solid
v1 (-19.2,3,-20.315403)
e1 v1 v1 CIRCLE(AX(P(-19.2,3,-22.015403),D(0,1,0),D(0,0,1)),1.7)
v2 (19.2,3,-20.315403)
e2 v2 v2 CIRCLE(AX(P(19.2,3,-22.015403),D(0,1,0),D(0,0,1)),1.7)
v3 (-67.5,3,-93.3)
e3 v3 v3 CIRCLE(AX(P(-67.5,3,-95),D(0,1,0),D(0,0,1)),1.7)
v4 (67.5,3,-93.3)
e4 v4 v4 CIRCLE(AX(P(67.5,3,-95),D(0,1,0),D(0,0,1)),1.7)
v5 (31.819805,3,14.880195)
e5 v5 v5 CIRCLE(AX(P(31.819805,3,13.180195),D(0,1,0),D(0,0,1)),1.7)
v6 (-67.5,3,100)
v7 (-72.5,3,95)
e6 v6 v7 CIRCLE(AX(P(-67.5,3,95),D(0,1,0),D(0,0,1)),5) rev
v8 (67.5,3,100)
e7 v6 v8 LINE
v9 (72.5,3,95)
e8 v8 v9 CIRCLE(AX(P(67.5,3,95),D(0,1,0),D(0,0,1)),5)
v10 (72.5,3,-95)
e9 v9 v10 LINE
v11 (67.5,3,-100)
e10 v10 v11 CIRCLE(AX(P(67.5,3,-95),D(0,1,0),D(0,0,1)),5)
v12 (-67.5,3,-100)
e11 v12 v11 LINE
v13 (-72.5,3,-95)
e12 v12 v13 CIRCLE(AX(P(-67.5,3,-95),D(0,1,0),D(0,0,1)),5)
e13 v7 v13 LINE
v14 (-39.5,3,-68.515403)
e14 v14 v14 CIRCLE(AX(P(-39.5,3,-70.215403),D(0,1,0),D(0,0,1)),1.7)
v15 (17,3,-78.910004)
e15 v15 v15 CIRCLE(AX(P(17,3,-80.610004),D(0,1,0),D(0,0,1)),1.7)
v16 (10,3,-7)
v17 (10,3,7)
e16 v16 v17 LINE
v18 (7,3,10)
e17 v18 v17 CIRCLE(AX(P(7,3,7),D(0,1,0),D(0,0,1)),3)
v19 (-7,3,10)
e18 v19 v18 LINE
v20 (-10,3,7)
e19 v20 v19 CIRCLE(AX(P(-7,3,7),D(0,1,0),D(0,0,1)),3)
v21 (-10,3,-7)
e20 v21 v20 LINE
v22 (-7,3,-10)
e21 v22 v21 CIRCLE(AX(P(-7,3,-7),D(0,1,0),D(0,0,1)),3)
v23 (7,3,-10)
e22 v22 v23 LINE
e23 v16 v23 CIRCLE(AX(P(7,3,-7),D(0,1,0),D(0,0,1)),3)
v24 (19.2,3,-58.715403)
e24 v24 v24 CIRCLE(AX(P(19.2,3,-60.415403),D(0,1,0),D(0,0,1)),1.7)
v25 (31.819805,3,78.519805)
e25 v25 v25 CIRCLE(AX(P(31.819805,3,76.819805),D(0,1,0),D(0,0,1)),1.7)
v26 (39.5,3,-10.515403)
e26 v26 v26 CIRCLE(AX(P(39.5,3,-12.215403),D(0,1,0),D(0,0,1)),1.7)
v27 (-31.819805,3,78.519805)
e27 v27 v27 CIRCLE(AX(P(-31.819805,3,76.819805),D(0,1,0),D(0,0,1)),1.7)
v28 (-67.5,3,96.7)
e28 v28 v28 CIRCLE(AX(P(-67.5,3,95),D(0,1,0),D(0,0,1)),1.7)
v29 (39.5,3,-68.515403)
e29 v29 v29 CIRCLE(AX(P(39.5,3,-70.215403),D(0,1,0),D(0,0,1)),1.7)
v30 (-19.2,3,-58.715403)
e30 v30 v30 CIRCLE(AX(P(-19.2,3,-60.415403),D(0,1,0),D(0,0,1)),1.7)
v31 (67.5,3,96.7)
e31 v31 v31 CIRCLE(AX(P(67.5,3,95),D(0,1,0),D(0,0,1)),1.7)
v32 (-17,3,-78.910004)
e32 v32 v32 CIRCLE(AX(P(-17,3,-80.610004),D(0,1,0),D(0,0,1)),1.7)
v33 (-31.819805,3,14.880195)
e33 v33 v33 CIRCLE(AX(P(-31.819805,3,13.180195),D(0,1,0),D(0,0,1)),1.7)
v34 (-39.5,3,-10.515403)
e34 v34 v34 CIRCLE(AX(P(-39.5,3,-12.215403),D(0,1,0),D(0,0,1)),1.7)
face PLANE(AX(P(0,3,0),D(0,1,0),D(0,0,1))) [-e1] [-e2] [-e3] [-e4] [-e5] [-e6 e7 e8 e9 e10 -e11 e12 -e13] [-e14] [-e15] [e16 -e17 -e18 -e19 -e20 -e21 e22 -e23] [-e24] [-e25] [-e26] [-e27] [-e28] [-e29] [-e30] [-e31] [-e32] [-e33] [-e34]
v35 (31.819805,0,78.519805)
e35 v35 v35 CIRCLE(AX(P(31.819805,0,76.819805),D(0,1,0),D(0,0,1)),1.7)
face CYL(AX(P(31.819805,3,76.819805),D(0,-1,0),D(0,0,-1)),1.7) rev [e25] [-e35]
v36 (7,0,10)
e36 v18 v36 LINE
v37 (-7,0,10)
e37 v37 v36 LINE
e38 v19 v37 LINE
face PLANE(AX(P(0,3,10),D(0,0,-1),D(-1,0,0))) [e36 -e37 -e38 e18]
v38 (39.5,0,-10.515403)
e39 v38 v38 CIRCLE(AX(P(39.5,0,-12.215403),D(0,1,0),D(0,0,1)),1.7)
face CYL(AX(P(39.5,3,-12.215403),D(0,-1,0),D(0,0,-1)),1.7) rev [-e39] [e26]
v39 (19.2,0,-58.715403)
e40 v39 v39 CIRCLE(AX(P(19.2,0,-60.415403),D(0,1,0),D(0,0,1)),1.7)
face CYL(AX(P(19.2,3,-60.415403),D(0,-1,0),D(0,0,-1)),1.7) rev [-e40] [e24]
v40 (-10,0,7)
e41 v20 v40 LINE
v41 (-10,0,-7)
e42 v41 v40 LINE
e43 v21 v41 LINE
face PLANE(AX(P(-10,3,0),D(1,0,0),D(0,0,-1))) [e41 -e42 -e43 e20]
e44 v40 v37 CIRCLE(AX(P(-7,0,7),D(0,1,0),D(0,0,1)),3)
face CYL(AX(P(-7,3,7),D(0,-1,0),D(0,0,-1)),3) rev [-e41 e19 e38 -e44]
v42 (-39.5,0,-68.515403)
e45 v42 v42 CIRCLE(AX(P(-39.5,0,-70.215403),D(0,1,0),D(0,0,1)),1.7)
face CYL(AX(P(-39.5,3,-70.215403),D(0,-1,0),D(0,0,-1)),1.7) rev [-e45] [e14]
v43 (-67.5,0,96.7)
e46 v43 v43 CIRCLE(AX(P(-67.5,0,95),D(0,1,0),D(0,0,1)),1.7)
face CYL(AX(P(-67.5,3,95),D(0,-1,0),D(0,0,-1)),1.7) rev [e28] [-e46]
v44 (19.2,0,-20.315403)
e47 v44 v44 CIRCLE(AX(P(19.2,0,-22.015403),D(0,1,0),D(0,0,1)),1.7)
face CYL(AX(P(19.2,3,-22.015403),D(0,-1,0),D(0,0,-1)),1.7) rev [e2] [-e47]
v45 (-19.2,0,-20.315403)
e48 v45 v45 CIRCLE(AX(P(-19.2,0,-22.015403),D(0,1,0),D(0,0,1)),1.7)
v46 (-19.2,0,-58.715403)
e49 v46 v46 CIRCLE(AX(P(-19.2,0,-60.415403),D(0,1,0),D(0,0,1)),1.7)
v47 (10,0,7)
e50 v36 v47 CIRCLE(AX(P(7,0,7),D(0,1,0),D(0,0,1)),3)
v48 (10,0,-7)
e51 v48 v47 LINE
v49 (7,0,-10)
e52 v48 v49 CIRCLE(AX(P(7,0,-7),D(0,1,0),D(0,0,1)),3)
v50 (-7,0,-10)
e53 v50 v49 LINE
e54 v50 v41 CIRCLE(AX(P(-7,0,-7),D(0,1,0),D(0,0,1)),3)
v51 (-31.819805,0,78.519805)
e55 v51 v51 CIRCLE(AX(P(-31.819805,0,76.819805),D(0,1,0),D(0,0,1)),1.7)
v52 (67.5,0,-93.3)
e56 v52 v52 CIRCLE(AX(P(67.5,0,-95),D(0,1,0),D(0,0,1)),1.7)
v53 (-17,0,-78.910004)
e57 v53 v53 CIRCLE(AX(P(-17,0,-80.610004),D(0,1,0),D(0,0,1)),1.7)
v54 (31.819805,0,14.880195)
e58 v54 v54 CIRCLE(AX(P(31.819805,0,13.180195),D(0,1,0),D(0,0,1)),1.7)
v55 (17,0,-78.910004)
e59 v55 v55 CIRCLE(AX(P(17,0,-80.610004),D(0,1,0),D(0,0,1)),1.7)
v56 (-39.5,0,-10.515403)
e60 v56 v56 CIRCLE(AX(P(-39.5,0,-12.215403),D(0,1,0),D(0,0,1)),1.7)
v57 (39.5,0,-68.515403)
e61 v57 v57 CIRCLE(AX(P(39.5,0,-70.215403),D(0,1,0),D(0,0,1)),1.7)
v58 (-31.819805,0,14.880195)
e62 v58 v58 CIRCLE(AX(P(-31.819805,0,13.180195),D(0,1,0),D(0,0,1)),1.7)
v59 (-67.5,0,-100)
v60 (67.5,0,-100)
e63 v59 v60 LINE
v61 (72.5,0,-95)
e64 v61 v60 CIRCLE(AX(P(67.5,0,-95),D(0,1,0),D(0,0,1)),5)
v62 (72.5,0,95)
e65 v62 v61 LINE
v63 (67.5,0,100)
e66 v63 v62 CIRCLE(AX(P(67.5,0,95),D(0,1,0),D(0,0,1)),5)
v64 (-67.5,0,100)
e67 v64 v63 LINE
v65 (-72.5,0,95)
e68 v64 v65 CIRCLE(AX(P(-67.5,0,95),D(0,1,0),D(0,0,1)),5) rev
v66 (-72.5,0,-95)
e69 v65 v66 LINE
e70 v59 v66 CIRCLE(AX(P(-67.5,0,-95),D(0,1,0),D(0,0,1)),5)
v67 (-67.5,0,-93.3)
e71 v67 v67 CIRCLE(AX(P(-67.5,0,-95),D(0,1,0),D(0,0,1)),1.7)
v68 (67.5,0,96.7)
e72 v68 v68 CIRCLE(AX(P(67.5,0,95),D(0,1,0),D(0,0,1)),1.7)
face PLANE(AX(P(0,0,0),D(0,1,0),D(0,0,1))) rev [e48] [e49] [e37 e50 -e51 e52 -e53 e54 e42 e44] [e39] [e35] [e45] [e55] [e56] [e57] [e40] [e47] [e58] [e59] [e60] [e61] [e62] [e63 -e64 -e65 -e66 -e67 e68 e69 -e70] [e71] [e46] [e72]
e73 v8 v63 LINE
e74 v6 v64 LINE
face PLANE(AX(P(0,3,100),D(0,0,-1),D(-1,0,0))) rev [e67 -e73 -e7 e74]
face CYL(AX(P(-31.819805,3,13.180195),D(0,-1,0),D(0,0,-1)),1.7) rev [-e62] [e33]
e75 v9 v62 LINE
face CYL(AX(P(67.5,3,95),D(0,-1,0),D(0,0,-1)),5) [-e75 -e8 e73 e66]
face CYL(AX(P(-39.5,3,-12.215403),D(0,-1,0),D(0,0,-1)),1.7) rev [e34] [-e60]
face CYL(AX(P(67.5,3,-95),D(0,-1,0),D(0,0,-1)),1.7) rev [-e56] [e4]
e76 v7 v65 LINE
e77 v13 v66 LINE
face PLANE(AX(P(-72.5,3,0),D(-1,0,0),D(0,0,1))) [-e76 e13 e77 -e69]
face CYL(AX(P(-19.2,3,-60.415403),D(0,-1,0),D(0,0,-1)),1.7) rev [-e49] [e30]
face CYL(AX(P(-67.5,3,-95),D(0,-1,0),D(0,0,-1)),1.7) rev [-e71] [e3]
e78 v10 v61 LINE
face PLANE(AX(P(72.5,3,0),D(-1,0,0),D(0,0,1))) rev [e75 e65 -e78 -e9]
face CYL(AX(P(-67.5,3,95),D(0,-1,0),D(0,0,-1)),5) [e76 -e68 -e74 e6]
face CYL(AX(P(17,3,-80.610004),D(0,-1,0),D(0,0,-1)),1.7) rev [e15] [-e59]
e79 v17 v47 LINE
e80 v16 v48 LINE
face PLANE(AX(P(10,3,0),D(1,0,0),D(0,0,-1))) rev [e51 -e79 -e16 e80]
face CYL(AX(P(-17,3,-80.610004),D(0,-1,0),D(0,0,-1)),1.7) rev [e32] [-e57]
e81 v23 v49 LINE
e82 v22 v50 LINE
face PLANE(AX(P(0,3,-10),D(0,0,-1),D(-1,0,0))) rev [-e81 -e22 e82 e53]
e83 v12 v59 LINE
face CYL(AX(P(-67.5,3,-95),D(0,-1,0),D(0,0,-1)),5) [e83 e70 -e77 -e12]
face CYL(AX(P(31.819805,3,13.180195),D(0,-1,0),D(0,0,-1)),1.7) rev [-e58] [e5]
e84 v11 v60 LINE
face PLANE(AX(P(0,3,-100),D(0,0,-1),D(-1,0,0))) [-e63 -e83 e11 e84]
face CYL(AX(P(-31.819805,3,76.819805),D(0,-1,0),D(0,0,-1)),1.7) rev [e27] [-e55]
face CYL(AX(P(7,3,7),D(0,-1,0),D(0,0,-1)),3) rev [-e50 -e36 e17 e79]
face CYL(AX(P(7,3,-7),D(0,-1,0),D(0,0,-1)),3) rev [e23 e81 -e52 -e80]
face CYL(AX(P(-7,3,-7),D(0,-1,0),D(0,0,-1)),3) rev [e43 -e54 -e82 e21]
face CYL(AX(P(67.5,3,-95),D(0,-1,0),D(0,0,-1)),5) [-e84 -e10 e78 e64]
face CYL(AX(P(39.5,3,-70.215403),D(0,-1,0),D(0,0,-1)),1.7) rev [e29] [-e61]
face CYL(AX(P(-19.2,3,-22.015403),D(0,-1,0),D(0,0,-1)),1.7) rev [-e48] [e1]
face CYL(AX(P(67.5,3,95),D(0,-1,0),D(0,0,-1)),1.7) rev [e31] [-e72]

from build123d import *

# Parameters (mm, degrees)
SKETCH_1_R      = 1.7
EXTRUDE_1_DEPTH = 3


with BuildPart() as part:
    # 草图1 → 凸台-拉伸1 (new body)
    with BuildSketch(Plane(origin=(0, 0, 0), x_dir=(1, 0, 0), z_dir=(0, 1, 0))):
        with BuildLine():
            Line((-67.5, -100), (67.5, -100))
            ThreePointArc((67.5, -100), (71.035533906, -98.535533906), (72.5, -95))
            Line((72.5, -95), (72.5, 95))
            ThreePointArc((72.5, 95), (71.035533906, 98.535533906), (67.5, 100))
            Line((67.5, 100), (-67.5, 100))
            ThreePointArc((-67.5, 100), (-71.035533906, 98.535533906), (-72.5, 95))
            Line((-72.5, 95), (-72.5, -95))
            ThreePointArc((-72.5, -95), (-71.035533906, -98.535533906), (-67.5, -100))
        make_face()
        with Locations(Location((-67.5, 95, 0), (0, 0, 270))):
            Circle(SKETCH_1_R, mode=Mode.SUBTRACT)
        with Locations(Location((67.5, 95, 0), (0, 0, 270))):
            Circle(SKETCH_1_R, mode=Mode.SUBTRACT)
        with Locations(Location((67.5, -95, 0), (0, 0, 270))):
            Circle(SKETCH_1_R, mode=Mode.SUBTRACT)
        with Locations(Location((-67.5, -95, 0), (0, 0, 270))):
            Circle(SKETCH_1_R, mode=Mode.SUBTRACT)
        with Locations(Location((-39.5, 70.215403043, 0), (0, 0, 270))):
            Circle(SKETCH_1_R, mode=Mode.SUBTRACT)
        with Locations(Location((-39.5, 12.215403043, 0), (0, 0, 270))):
            Circle(SKETCH_1_R, mode=Mode.SUBTRACT)
        with Locations(Location((39.5, 12.215403043, 0), (0, 0, 270))):
            Circle(SKETCH_1_R, mode=Mode.SUBTRACT)
        with Locations(Location((39.5, 70.215403043, 0), (0, 0, 270))):
            Circle(SKETCH_1_R, mode=Mode.SUBTRACT)
        with Locations(Location((-17, 80.610004264, 0), (0, 0, 270))):
            Circle(SKETCH_1_R, mode=Mode.SUBTRACT)
        with Locations(Location((17, 80.610004264, 0), (0, 0, 270))):
            Circle(SKETCH_1_R, mode=Mode.SUBTRACT)
        with Locations(Location((-31.819805153, -13.180194847, 0), (0, 0, 270))):
            Circle(SKETCH_1_R, mode=Mode.SUBTRACT)
        with Locations(Location((31.819805153, -13.180194847, 0), (0, 0, 270))):
            Circle(SKETCH_1_R, mode=Mode.SUBTRACT)
        with Locations(Location((31.819805153, -76.819805153, 0), (0, 0, 270))):
            Circle(SKETCH_1_R, mode=Mode.SUBTRACT)
        with Locations(Location((-31.819805153, -76.819805153, 0), (0, 0, 270))):
            Circle(SKETCH_1_R, mode=Mode.SUBTRACT)
        with Locations(Location((-19.2, 60.415403043, 0), (0, 0, 270))):
            Circle(SKETCH_1_R, mode=Mode.SUBTRACT)
        with Locations(Location((19.2, 60.415403043, 0), (0, 0, 270))):
            Circle(SKETCH_1_R, mode=Mode.SUBTRACT)
        with Locations(Location((19.2, 22.015403043, 0), (0, 0, 270))):
            Circle(SKETCH_1_R, mode=Mode.SUBTRACT)
        with Locations(Location((-19.2, 22.015403043, 0), (0, 0, 270))):
            Circle(SKETCH_1_R, mode=Mode.SUBTRACT)
        with BuildLine():
            Line((-7, 10), (7, 10))
            ThreePointArc((7, 10), (9.121320344, 9.121320344), (10, 7))
            Line((10, 7), (10, -7))
            ThreePointArc((10, -7), (9.121320344, -9.121320344), (7, -10))
            Line((7, -10), (-7, -10))
            ThreePointArc((-7, -10), (-9.121320344, -9.121320344), (-10, -7))
            Line((-10, -7), (-10, 7))
            ThreePointArc((-10, 7), (-9.121320344, 9.121320344), (-7, 10))
        make_face(mode=Mode.SUBTRACT)
    extrude(amount=EXTRUDE_1_DEPTH)


solid = part.part
